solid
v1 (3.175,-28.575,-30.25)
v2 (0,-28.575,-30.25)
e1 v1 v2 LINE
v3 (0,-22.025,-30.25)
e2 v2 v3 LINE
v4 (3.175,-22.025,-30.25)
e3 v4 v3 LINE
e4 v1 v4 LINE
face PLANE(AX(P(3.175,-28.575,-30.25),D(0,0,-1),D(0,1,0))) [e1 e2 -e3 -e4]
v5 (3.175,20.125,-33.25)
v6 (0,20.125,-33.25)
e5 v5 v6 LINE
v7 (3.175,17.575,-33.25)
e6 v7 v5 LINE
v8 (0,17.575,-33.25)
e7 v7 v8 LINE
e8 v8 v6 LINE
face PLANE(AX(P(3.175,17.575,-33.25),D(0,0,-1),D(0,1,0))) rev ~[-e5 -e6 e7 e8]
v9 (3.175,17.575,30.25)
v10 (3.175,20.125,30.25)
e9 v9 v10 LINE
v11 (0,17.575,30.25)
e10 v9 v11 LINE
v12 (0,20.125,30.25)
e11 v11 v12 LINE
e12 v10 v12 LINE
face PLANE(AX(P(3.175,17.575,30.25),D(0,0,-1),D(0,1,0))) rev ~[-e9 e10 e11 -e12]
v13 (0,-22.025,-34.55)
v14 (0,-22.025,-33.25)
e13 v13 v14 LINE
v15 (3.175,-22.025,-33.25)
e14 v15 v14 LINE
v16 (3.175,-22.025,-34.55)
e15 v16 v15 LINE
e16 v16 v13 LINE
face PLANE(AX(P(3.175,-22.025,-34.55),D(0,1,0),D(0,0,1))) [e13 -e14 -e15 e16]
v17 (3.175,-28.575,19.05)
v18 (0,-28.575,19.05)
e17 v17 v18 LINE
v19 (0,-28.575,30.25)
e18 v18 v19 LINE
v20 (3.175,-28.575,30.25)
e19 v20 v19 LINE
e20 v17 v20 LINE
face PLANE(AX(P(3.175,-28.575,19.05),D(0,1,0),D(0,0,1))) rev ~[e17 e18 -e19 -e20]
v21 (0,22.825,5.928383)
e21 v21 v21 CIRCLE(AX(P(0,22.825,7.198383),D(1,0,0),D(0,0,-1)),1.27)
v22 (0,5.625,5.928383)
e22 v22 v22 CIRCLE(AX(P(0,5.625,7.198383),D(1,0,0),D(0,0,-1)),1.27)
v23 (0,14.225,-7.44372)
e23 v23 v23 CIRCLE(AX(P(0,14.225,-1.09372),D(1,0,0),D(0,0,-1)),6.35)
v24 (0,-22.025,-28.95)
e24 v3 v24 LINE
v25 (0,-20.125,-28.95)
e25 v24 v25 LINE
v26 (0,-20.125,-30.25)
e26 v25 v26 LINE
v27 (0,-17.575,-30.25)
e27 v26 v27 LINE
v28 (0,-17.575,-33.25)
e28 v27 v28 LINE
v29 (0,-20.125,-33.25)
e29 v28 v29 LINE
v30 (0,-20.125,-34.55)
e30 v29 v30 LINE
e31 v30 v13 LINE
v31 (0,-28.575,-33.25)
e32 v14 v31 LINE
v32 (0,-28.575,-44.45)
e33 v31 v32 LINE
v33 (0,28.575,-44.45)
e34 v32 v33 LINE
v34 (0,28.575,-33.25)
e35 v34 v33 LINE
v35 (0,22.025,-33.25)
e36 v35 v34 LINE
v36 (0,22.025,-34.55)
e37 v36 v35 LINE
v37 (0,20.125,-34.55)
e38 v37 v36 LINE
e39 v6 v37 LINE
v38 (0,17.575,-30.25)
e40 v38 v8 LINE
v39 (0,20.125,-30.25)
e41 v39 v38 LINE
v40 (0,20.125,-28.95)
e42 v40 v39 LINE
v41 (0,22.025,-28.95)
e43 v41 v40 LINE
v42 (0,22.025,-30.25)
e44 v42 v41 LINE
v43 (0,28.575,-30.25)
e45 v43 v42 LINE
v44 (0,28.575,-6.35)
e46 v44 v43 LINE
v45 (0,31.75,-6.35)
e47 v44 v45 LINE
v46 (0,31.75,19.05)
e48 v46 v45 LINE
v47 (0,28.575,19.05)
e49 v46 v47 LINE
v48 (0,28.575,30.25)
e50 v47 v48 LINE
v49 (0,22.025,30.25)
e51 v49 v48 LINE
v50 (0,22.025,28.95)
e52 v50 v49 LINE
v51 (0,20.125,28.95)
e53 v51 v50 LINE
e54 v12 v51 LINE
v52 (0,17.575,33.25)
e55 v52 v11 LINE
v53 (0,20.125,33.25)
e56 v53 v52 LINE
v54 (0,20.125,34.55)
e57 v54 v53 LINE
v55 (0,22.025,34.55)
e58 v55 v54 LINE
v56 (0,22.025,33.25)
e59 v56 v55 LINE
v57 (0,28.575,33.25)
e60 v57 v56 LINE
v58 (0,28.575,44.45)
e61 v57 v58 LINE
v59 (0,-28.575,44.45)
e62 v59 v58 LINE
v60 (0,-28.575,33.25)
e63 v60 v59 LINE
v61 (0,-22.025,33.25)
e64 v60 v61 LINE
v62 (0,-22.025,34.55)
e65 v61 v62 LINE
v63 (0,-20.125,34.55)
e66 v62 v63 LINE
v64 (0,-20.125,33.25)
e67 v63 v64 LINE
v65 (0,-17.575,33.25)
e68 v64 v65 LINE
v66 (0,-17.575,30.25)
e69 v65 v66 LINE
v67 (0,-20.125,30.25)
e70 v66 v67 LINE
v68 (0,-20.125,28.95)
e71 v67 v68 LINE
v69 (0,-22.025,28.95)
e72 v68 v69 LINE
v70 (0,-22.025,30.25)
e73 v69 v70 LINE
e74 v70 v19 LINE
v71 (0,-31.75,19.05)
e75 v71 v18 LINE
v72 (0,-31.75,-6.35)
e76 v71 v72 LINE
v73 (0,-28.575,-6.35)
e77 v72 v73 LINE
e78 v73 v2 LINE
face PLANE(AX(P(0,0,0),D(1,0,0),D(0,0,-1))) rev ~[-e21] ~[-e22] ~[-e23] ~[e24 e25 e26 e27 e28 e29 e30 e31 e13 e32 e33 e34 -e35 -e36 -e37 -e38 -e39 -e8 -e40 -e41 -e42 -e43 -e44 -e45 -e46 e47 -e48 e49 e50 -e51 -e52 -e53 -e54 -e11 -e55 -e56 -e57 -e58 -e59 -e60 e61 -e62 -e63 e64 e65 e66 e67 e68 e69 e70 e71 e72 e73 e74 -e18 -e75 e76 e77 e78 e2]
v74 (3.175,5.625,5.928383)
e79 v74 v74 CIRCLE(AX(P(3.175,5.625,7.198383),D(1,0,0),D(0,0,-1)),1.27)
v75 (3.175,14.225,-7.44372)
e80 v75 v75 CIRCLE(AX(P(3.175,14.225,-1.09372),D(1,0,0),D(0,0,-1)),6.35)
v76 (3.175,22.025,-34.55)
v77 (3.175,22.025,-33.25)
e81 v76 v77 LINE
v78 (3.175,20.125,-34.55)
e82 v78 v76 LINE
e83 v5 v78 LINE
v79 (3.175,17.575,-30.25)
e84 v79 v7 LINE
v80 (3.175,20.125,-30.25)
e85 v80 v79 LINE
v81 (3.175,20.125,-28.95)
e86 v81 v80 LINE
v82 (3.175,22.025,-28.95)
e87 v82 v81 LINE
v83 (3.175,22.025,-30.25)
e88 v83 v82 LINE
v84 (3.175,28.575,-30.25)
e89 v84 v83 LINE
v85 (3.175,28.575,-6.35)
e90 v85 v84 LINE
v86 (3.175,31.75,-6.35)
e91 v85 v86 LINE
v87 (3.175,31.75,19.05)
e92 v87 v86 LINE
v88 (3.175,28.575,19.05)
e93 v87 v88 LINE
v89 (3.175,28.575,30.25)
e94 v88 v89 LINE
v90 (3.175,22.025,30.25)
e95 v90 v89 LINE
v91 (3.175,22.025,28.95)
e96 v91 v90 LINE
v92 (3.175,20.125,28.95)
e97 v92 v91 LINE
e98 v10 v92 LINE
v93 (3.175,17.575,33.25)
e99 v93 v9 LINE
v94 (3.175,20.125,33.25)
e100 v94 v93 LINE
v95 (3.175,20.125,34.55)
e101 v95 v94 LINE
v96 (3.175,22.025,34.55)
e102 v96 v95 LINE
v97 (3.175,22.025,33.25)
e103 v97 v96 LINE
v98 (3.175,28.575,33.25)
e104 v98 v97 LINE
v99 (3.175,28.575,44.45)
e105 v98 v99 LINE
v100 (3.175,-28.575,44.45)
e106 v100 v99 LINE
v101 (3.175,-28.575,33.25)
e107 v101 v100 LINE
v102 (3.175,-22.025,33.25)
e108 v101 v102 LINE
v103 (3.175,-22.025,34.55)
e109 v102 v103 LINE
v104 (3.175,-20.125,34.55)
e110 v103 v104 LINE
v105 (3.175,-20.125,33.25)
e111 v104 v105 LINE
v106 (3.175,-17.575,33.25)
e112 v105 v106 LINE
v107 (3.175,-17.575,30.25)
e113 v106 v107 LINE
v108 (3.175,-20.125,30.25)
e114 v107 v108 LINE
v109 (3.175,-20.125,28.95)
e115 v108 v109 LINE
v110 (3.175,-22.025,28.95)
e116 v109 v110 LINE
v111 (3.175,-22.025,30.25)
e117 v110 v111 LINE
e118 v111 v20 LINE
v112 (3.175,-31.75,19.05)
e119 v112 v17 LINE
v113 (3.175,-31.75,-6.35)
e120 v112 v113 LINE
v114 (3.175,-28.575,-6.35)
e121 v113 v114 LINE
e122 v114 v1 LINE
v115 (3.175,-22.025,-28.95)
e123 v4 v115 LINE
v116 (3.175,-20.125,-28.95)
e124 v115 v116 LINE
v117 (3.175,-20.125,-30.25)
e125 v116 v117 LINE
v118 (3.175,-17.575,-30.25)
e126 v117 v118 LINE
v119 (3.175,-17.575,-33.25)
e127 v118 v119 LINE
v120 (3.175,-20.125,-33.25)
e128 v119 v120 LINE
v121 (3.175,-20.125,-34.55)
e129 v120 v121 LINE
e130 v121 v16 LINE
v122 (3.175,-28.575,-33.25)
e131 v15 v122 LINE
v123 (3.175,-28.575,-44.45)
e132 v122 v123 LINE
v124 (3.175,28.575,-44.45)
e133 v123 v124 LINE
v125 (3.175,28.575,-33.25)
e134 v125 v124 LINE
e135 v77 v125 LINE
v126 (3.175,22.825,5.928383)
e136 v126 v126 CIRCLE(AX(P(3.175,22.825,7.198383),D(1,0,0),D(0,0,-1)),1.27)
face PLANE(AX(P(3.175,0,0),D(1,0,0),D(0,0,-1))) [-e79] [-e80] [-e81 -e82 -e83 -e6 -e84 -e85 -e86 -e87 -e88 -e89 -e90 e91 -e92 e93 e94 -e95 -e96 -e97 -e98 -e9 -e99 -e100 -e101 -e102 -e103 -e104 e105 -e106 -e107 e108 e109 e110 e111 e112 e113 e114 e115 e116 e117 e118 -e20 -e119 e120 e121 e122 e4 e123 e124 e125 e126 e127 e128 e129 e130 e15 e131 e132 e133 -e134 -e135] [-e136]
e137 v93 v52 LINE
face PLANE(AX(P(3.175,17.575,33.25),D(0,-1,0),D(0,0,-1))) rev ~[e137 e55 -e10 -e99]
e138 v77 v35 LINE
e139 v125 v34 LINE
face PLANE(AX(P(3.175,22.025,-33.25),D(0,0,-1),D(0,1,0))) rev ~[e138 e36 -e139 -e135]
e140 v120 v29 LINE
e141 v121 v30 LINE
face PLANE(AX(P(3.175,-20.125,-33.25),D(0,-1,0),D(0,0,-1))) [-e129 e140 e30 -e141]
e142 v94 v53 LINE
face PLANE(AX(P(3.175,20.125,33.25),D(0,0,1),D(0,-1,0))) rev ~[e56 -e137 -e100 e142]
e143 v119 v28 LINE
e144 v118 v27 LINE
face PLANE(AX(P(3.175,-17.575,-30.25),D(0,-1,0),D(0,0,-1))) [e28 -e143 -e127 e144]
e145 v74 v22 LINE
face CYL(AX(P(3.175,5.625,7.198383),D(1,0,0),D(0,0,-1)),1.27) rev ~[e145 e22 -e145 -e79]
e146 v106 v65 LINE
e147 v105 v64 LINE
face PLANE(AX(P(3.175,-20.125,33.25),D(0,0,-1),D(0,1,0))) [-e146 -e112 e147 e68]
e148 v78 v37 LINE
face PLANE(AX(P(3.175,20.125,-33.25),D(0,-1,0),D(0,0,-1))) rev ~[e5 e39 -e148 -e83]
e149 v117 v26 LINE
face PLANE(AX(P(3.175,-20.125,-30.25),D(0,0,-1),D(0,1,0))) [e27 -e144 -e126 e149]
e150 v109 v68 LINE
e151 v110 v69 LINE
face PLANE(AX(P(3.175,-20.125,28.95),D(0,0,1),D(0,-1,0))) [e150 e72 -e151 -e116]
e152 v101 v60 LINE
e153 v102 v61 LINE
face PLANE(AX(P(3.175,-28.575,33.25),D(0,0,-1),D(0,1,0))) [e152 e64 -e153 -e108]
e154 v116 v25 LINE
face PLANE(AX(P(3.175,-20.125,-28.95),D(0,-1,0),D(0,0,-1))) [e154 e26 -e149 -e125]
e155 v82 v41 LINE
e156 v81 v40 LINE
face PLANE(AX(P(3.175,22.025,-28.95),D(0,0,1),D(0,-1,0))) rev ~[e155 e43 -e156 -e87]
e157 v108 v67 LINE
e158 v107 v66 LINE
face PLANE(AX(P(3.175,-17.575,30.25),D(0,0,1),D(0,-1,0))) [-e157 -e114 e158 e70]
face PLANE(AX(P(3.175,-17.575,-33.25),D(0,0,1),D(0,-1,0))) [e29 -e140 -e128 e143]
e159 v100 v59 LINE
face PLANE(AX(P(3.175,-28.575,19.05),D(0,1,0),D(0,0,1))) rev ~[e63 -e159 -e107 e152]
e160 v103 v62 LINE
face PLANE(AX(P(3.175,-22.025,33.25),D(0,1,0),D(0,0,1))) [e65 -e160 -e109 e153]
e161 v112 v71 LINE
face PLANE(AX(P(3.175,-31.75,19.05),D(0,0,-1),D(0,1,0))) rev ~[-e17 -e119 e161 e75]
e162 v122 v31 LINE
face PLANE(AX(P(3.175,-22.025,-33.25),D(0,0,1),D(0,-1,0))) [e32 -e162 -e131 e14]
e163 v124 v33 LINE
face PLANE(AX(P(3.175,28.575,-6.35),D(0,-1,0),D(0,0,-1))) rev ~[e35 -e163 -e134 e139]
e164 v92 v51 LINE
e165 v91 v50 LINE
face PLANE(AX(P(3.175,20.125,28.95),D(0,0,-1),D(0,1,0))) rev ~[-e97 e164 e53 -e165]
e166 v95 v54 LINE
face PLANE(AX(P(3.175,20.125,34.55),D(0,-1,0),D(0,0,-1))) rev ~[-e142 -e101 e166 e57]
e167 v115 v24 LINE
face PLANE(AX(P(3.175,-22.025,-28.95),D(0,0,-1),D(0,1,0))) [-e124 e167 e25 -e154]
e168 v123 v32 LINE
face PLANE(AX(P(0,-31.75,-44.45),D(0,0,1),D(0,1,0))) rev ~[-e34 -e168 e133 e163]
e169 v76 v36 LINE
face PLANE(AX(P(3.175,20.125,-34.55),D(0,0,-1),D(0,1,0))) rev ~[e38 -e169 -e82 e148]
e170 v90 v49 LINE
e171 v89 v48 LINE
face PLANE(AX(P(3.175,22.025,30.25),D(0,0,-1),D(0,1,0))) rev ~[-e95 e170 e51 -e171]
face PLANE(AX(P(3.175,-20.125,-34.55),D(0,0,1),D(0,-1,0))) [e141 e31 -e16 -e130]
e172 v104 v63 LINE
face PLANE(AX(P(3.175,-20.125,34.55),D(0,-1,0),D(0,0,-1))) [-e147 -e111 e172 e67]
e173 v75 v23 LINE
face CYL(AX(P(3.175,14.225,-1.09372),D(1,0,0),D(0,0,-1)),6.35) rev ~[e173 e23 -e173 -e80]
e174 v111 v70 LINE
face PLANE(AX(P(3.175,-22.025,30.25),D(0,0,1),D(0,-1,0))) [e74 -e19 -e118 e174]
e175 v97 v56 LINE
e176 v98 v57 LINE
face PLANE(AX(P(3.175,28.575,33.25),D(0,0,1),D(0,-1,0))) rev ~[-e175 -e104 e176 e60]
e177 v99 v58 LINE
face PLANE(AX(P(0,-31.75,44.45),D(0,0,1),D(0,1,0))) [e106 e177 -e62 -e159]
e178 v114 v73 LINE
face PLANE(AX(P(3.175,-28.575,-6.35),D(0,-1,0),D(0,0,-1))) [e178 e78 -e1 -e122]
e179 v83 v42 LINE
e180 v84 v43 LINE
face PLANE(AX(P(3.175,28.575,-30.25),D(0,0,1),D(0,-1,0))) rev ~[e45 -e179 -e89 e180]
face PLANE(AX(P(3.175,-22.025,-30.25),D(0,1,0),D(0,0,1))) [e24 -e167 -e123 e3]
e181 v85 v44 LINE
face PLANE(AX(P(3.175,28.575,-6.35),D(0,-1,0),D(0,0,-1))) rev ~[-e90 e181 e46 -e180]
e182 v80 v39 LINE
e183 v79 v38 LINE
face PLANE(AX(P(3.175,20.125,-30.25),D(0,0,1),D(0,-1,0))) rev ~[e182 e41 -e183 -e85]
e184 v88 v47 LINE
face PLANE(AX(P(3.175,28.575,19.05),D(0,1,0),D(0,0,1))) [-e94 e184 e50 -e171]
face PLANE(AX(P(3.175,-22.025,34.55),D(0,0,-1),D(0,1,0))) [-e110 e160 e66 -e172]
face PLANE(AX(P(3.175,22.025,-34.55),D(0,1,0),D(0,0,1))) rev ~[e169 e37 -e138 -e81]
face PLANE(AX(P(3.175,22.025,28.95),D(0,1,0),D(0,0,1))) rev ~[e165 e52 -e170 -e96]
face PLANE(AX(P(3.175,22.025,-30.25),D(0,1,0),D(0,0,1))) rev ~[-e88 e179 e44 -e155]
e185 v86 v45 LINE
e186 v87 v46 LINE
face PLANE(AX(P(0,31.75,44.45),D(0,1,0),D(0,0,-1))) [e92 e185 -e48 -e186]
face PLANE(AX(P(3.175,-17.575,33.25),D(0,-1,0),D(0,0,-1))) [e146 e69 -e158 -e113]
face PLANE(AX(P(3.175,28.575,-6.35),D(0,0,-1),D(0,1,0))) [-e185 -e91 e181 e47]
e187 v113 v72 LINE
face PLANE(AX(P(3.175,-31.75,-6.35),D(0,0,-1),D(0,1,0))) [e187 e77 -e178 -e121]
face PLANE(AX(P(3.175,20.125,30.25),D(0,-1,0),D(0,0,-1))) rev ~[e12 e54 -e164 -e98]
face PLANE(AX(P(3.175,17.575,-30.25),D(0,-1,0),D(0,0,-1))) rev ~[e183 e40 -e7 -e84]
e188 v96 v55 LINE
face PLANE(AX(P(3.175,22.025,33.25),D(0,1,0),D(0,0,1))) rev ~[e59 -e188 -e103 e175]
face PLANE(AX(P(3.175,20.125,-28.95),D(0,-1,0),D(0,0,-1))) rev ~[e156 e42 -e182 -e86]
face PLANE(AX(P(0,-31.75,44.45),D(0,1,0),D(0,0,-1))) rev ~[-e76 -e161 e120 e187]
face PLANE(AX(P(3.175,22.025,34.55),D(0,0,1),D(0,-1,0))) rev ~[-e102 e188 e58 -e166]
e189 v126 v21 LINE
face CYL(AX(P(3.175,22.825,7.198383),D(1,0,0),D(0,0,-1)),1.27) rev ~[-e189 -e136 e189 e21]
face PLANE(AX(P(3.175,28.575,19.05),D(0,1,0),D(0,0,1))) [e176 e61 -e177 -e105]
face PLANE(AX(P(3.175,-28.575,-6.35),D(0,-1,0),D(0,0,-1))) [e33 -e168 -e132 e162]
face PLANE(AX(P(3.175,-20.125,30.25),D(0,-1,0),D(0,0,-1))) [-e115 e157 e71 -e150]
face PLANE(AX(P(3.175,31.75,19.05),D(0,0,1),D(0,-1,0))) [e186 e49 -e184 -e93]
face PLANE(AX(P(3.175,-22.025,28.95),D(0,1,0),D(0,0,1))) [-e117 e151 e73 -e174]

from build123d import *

# Parameters (mm, degrees)
SKETCH1_W           = 88.9
SKETCH1_H           = 63.5
BOSS_EXTRUDE1_DEPTH = 3.175
SKETCH2_W           = 38.1
SKETCH2_H           = 3.175
CUT_EXTRUDE1_DEPTH  = 55.716959208
CUT_EXTRUDE2_DEPTH  = 55.716959208
SKETCH4_R           = 6.35
SKETCH4_R_2         = 1.27
CUT_EXTRUDE3_DEPTH  = 55.716959208


with BuildPart() as part:
    # Sketch1 → Boss-Extrude1 (new body)
    with BuildSketch(Plane(origin=(0, 0, 0), x_dir=(0, 0, -1), z_dir=(1, 0, 0))):
        Rectangle(SKETCH1_W, SKETCH1_H)
    extrude(amount=BOSS_EXTRUDE1_DEPTH)

    # Sketch2 → Cut-Extrude1 (cut, through all)
    with BuildSketch(Plane(origin=(3.175, 0, 0), x_dir=(0, 0, -1), z_dir=(1, 0, 0))):
        with Locations((25.4, -30.1625)):
            Rectangle(SKETCH2_W, SKETCH2_H)
        Polygon((-19.05, 28.575), (-44.45, 28.575), (-44.45, 31.75), (-41.275, 31.75), (-19.05, 31.75), align=None)
        Polygon((-44.45, -31.75), (-41.275, -31.75), (-19.05, -31.75), (-19.05, -28.575), (-44.45, -28.575), align=None)
        with Locations((25.4, 30.1625)):
            Rectangle(SKETCH2_W, SKETCH2_H)
    extrude(amount=-CUT_EXTRUDE1_DEPTH, mode=Mode.SUBTRACT)

    # Sketch3 → Cut-Extrude2 (cut, through all)
    with BuildSketch(Plane(origin=(3.175, 0, 0), x_dir=(0, 0, -1), z_dir=(1, 0, 0))):
        Polygon((-30.25, -17.575), (-30.25, -20.125), (-28.95, -20.125), (-28.95, -22.025), (-30.25, -22.025), (-30.25, -28.575), (-33.25, -28.575), (-33.25, -22.025), (-34.55, -22.025), (-34.55, -20.125), (-33.25, -20.125), (-33.25, -17.575), align=None)
        Polygon((33.25, -17.575), (33.25, -20.125), (34.55, -20.125), (34.55, -22.025), (33.25, -22.025), (33.25, -28.575), (30.25, -28.575), (30.25, -22.025), (28.95, -22.025), (28.95, -20.125), (30.25, -20.125), (30.25, -17.575), align=None)
        Polygon((33.25, 20.125), (34.55, 20.125), (34.55, 22.025), (33.25, 22.025), (33.25, 28.575), (30.25, 28.575), (30.25, 22.025), (28.95, 22.025), (28.95, 20.125), (30.25, 20.125), (30.25, 17.575), (33.25, 17.575), align=None)
        Polygon((-30.25, 20.125), (-28.95, 20.125), (-28.95, 22.025), (-30.25, 22.025), (-30.25, 28.575), (-33.25, 28.575), (-33.25, 22.025), (-34.55, 22.025), (-34.55, 20.125), (-33.25, 20.125), (-33.25, 17.575), (-30.25, 17.575), align=None)
    extrude(amount=-CUT_EXTRUDE2_DEPTH, mode=Mode.SUBTRACT)

    # Sketch4 → Cut-Extrude3 (cut, through all)
    with BuildSketch(Plane(origin=(3.175, 0, 0), x_dir=(0, 0, -1), z_dir=(1, 0, 0))):
        with Locations((1.09372, 14.225)):
            Circle(SKETCH4_R)
        with Locations((-7.198382525, 5.625)):
            Circle(SKETCH4_R_2)
        with Locations((-7.198382525, 22.825)):
            Circle(SKETCH4_R_2)
    extrude(amount=-CUT_EXTRUDE3_DEPTH, mode=Mode.SUBTRACT)


solid = part.part
